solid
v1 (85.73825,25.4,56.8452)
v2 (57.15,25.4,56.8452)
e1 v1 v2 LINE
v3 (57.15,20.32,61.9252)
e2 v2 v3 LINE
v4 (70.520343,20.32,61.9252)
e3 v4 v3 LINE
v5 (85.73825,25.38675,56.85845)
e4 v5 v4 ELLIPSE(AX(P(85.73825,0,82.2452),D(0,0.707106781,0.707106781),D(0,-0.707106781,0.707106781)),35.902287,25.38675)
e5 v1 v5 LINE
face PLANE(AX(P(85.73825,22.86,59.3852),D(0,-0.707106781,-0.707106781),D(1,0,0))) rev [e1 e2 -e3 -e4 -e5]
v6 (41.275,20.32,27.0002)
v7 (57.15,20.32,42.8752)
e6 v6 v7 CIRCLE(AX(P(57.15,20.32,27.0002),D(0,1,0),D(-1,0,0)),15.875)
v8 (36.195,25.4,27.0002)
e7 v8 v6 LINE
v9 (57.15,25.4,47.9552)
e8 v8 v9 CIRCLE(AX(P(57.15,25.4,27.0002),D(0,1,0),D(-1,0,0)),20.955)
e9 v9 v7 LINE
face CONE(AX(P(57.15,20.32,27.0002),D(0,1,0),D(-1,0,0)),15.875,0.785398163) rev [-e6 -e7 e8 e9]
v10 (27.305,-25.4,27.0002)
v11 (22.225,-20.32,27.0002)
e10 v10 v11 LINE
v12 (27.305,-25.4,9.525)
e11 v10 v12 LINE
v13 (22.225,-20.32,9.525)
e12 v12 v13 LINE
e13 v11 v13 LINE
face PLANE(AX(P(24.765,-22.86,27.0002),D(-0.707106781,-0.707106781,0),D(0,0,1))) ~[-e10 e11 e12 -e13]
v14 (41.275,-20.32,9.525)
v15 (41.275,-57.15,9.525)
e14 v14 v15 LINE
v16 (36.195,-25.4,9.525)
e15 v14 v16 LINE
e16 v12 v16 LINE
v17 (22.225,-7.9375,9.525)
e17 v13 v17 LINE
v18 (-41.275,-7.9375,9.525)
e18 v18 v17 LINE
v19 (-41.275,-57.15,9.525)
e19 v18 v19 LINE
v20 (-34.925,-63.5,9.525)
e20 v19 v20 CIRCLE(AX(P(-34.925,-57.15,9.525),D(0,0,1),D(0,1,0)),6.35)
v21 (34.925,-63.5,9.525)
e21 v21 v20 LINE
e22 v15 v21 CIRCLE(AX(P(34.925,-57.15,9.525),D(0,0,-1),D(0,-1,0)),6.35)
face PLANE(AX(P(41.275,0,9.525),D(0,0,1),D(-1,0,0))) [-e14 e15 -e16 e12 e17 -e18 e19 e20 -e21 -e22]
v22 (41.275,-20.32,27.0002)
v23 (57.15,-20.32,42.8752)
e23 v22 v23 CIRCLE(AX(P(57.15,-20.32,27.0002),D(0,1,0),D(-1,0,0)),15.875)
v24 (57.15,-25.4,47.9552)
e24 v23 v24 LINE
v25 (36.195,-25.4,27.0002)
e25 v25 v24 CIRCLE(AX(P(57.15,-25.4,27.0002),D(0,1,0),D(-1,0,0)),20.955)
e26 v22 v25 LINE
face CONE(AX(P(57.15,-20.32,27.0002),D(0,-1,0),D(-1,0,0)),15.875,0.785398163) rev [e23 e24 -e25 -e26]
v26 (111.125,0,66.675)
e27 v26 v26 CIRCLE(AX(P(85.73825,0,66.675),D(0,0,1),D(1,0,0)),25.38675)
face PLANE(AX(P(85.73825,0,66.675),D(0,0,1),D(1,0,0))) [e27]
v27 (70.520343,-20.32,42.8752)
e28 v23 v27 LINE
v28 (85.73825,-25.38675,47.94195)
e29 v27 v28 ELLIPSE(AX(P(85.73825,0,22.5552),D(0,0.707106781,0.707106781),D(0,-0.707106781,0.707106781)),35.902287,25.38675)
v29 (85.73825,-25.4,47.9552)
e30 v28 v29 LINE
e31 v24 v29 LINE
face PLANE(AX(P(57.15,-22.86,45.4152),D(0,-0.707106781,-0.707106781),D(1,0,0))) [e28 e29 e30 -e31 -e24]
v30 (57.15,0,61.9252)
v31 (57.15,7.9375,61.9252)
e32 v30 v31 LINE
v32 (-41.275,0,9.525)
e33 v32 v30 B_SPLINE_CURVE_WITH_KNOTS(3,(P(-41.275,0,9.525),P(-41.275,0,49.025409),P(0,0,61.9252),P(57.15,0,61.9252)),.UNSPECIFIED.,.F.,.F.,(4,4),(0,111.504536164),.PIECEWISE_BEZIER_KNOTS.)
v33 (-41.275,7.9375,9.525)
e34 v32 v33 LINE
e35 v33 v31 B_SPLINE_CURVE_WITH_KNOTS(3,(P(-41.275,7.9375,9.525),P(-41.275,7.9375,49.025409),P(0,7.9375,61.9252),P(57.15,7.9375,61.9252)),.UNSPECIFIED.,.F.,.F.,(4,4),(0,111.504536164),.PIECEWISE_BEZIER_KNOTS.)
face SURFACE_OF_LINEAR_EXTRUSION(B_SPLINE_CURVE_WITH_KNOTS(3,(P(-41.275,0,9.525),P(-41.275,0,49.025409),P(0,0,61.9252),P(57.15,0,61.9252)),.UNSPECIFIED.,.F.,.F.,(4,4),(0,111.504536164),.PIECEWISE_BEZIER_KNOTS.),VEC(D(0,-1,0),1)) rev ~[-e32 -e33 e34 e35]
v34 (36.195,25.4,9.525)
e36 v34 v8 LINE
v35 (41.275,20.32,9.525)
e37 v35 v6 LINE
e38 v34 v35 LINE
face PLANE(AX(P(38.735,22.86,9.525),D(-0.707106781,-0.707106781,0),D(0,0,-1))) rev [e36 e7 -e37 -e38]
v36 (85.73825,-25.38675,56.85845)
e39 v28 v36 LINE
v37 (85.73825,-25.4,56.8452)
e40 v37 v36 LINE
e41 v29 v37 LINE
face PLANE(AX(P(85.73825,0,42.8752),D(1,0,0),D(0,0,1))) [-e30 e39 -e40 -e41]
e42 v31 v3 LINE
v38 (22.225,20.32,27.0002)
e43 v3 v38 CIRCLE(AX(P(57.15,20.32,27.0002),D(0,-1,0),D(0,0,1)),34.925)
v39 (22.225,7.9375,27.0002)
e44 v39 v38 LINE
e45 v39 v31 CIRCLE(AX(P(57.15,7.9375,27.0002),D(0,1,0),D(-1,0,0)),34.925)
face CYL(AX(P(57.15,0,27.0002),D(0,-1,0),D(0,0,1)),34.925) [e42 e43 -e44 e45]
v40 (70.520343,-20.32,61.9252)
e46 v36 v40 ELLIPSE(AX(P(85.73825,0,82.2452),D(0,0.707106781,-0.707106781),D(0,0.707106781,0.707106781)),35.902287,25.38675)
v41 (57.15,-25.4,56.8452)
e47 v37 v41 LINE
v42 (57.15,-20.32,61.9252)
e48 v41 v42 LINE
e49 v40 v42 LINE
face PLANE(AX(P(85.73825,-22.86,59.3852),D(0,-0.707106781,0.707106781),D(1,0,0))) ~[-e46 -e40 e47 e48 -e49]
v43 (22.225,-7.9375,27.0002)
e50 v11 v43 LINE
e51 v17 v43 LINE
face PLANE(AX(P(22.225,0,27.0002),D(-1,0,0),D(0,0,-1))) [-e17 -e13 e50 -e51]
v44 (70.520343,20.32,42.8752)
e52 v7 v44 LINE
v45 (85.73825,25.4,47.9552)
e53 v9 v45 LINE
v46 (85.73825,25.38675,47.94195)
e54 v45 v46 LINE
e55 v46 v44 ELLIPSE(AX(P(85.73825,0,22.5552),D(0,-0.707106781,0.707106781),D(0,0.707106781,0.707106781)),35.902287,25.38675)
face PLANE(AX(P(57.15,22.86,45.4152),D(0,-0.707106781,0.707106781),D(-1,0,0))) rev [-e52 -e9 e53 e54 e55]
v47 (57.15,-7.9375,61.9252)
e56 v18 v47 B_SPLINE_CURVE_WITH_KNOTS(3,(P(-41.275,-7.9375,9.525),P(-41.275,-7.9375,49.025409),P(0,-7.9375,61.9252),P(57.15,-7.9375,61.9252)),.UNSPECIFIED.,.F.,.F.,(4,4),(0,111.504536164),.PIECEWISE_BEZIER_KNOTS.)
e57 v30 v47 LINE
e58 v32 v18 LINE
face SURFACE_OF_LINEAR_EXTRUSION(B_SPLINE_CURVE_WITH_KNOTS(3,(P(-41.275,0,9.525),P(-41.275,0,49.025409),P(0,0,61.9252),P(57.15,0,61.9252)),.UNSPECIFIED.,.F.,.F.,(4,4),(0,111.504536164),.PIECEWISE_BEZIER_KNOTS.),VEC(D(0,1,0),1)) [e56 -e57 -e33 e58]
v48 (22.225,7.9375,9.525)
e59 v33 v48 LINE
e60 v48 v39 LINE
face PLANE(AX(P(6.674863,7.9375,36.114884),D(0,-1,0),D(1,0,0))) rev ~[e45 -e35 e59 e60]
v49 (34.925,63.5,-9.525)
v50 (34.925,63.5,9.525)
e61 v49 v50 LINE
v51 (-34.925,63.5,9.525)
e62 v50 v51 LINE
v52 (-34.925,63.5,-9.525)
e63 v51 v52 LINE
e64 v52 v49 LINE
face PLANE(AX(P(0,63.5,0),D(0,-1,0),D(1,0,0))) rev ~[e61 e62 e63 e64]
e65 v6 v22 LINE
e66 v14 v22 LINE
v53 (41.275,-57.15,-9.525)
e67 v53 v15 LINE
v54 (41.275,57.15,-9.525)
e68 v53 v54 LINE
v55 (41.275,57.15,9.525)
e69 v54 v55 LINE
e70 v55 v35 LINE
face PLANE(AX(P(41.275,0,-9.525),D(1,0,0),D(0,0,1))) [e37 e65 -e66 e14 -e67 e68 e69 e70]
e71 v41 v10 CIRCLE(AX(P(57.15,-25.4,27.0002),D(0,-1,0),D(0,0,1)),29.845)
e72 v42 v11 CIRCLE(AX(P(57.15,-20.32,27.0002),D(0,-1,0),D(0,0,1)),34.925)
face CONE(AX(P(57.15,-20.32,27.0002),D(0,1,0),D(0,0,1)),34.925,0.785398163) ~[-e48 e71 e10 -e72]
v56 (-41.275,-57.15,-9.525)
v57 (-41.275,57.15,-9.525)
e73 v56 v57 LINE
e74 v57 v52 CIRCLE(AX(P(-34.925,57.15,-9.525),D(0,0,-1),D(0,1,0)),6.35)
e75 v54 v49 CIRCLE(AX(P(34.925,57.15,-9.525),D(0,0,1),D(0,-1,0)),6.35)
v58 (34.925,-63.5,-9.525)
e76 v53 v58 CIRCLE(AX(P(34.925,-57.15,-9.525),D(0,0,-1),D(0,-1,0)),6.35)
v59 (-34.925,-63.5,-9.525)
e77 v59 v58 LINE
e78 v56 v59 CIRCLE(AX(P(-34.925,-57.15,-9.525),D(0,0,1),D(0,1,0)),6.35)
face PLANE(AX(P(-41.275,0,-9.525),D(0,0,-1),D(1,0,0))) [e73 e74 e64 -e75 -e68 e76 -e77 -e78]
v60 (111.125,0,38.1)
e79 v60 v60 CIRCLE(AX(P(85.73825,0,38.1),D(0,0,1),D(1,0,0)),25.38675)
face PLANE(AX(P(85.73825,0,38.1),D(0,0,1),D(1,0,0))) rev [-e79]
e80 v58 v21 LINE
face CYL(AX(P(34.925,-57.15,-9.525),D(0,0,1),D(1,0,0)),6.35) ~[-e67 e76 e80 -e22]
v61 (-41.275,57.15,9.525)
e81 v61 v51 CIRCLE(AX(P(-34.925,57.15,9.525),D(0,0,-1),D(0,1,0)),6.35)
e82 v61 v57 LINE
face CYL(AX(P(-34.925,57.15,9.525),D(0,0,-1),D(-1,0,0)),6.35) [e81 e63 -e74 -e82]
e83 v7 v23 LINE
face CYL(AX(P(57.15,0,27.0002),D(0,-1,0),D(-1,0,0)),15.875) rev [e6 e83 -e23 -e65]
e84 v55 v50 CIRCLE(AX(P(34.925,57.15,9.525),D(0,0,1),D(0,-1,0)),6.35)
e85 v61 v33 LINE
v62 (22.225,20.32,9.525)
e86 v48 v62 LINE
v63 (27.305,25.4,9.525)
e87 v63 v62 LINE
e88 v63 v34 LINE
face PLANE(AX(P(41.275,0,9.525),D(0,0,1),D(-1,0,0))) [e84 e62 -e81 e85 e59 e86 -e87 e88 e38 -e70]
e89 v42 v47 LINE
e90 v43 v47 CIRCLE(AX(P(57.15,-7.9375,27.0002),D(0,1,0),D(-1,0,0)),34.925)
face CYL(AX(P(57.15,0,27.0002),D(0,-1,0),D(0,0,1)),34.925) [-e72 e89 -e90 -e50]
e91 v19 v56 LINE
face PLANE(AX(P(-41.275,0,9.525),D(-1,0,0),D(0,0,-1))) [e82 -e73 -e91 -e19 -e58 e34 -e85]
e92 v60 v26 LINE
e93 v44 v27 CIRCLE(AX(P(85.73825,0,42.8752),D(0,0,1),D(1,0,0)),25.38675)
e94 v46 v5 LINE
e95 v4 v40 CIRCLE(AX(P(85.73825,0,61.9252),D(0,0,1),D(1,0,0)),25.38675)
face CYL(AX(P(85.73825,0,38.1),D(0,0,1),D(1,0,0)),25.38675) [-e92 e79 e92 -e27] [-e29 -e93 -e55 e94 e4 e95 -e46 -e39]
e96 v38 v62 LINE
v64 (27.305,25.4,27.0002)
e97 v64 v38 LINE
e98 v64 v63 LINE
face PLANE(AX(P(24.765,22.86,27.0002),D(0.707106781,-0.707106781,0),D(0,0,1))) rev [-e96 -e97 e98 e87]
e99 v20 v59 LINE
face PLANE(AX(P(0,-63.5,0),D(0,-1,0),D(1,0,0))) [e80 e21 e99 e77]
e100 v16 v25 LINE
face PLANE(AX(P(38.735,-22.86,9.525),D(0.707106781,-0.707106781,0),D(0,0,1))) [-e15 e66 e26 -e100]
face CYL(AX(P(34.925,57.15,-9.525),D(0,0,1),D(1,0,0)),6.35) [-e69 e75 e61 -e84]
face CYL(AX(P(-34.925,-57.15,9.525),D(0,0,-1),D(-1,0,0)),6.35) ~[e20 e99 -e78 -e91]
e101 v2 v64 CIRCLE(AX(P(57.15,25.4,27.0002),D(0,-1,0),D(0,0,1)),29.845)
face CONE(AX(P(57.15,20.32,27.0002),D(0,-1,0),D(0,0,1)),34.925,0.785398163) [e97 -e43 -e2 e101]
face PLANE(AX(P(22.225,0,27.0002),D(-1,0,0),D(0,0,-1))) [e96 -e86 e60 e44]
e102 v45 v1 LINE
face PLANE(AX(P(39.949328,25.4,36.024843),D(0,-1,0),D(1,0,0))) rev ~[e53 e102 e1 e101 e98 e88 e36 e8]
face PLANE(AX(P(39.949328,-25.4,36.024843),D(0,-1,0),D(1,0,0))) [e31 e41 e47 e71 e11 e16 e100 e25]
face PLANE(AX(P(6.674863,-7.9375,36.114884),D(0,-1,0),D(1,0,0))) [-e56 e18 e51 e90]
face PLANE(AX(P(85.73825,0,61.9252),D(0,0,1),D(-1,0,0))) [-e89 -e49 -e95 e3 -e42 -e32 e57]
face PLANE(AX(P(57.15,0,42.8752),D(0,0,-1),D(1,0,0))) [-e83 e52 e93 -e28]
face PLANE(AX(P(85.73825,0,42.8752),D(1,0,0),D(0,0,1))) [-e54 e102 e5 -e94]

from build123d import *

# Parameters (mm, degrees)
F1_DEPTH = 63.5
F0_W     = 25.4132496778
F0_H     = 19.05
F2_DEPTH = 25.4
F3_DEPTH = 7.9375
F5_R     = 6.35
F6_SIZE  = 5.08


with BuildPart() as f1:
    # F0 (on Front) → F1 (new body, symmetric)
    with BuildSketch(Plane.XZ):
        Polygon((41.275, -9.525), (41.275, 9.525), (22.225, 9.525), (-41.275, 9.525), (-41.275, -9.525), align=None)
    extrude(amount=F1_DEPTH, both=True)

    # F0 (on Front) → F2 (join, symmetric)
    with BuildSketch(Plane.XZ):
        with BuildLine():
            Line((22.225, 9.525), (41.275, 9.525))
            Line((41.275, 9.525), (41.275, 27.0002))
            ThreePointArc((41.275, 27.0002), (45.9246798487, 38.2255201513), (57.15, 42.8752))
            Line((57.15, 42.8752), (60.325, 42.8752))
            Line((60.325, 42.8752), (60.325, 61.9252))
            Line((60.325, 61.9252), (57.15, 61.9252))
            ThreePointArc((57.15, 61.9252), (32.4542956671, 51.6959043329), (22.225, 27.0002))
            Line((22.225, 27.0002), (22.225, 9.525))
        make_face()
        with Locations((73.0316248389, 52.4002)):
            Rectangle(F0_W, F0_H)
    extrude(amount=F2_DEPTH, both=True)

    # F0 (on Front) → F3 (join, symmetric)
    with BuildSketch(Plane.XZ):
        with BuildLine():
            Line((-41.275, 9.525), (22.225, 9.525))
            Line((22.225, 9.525), (22.225, 27.0002))
            ThreePointArc((22.225, 27.0002), (32.4542956671, 51.6959043329), (57.15, 61.9252))
            add(Edge.make_bspline(
                [(-41.275, 9.525), (-41.275, 49.0254089236), (0, 61.9252), (57.15, 61.9252)],
                knots=[0, 0, 0, 0, 111.5045361635, 111.5045361635, 111.5045361635, 111.5045361635], degree=3))
        make_face()
    extrude(amount=F3_DEPTH, both=True)

    # F0 (on Front) → F4 (revolve)
    with BuildSketch(Plane.XZ):
        Polygon((85.7382496778, 61.9252), (85.7382496778, 42.8752), (85.7382496778, 38.1), (111.125, 38.1), (111.125, 66.675), (85.7382496778, 66.675), align=None)
    revolve(axis=Axis((85.7382496778, 0, 52.3875), (0, 0, 1)))

    # F5
    f5_edges = [f1.edges().sort_by_distance(p)[0] for p in [
        (-41.275, -63.5, 0),
        (41.275, -63.5, 0),
        (41.275, 63.5, 0),
        (-41.275, 63.5, 0),
    ]]
    fillet(f5_edges, radius=F5_R)

    # F6
    f6_edges = [f1.edges().sort_by_distance(p)[0] for p in [
        (32.454296, 25.4, 51.695904),
        (32.454296, -25.4, 51.695904),
        (45.92468, -25.4, 38.22552),
        (45.92468, 25.4, 38.22552),
    ]]
    chamfer(f6_edges, length=F6_SIZE)


solid = f1.part
